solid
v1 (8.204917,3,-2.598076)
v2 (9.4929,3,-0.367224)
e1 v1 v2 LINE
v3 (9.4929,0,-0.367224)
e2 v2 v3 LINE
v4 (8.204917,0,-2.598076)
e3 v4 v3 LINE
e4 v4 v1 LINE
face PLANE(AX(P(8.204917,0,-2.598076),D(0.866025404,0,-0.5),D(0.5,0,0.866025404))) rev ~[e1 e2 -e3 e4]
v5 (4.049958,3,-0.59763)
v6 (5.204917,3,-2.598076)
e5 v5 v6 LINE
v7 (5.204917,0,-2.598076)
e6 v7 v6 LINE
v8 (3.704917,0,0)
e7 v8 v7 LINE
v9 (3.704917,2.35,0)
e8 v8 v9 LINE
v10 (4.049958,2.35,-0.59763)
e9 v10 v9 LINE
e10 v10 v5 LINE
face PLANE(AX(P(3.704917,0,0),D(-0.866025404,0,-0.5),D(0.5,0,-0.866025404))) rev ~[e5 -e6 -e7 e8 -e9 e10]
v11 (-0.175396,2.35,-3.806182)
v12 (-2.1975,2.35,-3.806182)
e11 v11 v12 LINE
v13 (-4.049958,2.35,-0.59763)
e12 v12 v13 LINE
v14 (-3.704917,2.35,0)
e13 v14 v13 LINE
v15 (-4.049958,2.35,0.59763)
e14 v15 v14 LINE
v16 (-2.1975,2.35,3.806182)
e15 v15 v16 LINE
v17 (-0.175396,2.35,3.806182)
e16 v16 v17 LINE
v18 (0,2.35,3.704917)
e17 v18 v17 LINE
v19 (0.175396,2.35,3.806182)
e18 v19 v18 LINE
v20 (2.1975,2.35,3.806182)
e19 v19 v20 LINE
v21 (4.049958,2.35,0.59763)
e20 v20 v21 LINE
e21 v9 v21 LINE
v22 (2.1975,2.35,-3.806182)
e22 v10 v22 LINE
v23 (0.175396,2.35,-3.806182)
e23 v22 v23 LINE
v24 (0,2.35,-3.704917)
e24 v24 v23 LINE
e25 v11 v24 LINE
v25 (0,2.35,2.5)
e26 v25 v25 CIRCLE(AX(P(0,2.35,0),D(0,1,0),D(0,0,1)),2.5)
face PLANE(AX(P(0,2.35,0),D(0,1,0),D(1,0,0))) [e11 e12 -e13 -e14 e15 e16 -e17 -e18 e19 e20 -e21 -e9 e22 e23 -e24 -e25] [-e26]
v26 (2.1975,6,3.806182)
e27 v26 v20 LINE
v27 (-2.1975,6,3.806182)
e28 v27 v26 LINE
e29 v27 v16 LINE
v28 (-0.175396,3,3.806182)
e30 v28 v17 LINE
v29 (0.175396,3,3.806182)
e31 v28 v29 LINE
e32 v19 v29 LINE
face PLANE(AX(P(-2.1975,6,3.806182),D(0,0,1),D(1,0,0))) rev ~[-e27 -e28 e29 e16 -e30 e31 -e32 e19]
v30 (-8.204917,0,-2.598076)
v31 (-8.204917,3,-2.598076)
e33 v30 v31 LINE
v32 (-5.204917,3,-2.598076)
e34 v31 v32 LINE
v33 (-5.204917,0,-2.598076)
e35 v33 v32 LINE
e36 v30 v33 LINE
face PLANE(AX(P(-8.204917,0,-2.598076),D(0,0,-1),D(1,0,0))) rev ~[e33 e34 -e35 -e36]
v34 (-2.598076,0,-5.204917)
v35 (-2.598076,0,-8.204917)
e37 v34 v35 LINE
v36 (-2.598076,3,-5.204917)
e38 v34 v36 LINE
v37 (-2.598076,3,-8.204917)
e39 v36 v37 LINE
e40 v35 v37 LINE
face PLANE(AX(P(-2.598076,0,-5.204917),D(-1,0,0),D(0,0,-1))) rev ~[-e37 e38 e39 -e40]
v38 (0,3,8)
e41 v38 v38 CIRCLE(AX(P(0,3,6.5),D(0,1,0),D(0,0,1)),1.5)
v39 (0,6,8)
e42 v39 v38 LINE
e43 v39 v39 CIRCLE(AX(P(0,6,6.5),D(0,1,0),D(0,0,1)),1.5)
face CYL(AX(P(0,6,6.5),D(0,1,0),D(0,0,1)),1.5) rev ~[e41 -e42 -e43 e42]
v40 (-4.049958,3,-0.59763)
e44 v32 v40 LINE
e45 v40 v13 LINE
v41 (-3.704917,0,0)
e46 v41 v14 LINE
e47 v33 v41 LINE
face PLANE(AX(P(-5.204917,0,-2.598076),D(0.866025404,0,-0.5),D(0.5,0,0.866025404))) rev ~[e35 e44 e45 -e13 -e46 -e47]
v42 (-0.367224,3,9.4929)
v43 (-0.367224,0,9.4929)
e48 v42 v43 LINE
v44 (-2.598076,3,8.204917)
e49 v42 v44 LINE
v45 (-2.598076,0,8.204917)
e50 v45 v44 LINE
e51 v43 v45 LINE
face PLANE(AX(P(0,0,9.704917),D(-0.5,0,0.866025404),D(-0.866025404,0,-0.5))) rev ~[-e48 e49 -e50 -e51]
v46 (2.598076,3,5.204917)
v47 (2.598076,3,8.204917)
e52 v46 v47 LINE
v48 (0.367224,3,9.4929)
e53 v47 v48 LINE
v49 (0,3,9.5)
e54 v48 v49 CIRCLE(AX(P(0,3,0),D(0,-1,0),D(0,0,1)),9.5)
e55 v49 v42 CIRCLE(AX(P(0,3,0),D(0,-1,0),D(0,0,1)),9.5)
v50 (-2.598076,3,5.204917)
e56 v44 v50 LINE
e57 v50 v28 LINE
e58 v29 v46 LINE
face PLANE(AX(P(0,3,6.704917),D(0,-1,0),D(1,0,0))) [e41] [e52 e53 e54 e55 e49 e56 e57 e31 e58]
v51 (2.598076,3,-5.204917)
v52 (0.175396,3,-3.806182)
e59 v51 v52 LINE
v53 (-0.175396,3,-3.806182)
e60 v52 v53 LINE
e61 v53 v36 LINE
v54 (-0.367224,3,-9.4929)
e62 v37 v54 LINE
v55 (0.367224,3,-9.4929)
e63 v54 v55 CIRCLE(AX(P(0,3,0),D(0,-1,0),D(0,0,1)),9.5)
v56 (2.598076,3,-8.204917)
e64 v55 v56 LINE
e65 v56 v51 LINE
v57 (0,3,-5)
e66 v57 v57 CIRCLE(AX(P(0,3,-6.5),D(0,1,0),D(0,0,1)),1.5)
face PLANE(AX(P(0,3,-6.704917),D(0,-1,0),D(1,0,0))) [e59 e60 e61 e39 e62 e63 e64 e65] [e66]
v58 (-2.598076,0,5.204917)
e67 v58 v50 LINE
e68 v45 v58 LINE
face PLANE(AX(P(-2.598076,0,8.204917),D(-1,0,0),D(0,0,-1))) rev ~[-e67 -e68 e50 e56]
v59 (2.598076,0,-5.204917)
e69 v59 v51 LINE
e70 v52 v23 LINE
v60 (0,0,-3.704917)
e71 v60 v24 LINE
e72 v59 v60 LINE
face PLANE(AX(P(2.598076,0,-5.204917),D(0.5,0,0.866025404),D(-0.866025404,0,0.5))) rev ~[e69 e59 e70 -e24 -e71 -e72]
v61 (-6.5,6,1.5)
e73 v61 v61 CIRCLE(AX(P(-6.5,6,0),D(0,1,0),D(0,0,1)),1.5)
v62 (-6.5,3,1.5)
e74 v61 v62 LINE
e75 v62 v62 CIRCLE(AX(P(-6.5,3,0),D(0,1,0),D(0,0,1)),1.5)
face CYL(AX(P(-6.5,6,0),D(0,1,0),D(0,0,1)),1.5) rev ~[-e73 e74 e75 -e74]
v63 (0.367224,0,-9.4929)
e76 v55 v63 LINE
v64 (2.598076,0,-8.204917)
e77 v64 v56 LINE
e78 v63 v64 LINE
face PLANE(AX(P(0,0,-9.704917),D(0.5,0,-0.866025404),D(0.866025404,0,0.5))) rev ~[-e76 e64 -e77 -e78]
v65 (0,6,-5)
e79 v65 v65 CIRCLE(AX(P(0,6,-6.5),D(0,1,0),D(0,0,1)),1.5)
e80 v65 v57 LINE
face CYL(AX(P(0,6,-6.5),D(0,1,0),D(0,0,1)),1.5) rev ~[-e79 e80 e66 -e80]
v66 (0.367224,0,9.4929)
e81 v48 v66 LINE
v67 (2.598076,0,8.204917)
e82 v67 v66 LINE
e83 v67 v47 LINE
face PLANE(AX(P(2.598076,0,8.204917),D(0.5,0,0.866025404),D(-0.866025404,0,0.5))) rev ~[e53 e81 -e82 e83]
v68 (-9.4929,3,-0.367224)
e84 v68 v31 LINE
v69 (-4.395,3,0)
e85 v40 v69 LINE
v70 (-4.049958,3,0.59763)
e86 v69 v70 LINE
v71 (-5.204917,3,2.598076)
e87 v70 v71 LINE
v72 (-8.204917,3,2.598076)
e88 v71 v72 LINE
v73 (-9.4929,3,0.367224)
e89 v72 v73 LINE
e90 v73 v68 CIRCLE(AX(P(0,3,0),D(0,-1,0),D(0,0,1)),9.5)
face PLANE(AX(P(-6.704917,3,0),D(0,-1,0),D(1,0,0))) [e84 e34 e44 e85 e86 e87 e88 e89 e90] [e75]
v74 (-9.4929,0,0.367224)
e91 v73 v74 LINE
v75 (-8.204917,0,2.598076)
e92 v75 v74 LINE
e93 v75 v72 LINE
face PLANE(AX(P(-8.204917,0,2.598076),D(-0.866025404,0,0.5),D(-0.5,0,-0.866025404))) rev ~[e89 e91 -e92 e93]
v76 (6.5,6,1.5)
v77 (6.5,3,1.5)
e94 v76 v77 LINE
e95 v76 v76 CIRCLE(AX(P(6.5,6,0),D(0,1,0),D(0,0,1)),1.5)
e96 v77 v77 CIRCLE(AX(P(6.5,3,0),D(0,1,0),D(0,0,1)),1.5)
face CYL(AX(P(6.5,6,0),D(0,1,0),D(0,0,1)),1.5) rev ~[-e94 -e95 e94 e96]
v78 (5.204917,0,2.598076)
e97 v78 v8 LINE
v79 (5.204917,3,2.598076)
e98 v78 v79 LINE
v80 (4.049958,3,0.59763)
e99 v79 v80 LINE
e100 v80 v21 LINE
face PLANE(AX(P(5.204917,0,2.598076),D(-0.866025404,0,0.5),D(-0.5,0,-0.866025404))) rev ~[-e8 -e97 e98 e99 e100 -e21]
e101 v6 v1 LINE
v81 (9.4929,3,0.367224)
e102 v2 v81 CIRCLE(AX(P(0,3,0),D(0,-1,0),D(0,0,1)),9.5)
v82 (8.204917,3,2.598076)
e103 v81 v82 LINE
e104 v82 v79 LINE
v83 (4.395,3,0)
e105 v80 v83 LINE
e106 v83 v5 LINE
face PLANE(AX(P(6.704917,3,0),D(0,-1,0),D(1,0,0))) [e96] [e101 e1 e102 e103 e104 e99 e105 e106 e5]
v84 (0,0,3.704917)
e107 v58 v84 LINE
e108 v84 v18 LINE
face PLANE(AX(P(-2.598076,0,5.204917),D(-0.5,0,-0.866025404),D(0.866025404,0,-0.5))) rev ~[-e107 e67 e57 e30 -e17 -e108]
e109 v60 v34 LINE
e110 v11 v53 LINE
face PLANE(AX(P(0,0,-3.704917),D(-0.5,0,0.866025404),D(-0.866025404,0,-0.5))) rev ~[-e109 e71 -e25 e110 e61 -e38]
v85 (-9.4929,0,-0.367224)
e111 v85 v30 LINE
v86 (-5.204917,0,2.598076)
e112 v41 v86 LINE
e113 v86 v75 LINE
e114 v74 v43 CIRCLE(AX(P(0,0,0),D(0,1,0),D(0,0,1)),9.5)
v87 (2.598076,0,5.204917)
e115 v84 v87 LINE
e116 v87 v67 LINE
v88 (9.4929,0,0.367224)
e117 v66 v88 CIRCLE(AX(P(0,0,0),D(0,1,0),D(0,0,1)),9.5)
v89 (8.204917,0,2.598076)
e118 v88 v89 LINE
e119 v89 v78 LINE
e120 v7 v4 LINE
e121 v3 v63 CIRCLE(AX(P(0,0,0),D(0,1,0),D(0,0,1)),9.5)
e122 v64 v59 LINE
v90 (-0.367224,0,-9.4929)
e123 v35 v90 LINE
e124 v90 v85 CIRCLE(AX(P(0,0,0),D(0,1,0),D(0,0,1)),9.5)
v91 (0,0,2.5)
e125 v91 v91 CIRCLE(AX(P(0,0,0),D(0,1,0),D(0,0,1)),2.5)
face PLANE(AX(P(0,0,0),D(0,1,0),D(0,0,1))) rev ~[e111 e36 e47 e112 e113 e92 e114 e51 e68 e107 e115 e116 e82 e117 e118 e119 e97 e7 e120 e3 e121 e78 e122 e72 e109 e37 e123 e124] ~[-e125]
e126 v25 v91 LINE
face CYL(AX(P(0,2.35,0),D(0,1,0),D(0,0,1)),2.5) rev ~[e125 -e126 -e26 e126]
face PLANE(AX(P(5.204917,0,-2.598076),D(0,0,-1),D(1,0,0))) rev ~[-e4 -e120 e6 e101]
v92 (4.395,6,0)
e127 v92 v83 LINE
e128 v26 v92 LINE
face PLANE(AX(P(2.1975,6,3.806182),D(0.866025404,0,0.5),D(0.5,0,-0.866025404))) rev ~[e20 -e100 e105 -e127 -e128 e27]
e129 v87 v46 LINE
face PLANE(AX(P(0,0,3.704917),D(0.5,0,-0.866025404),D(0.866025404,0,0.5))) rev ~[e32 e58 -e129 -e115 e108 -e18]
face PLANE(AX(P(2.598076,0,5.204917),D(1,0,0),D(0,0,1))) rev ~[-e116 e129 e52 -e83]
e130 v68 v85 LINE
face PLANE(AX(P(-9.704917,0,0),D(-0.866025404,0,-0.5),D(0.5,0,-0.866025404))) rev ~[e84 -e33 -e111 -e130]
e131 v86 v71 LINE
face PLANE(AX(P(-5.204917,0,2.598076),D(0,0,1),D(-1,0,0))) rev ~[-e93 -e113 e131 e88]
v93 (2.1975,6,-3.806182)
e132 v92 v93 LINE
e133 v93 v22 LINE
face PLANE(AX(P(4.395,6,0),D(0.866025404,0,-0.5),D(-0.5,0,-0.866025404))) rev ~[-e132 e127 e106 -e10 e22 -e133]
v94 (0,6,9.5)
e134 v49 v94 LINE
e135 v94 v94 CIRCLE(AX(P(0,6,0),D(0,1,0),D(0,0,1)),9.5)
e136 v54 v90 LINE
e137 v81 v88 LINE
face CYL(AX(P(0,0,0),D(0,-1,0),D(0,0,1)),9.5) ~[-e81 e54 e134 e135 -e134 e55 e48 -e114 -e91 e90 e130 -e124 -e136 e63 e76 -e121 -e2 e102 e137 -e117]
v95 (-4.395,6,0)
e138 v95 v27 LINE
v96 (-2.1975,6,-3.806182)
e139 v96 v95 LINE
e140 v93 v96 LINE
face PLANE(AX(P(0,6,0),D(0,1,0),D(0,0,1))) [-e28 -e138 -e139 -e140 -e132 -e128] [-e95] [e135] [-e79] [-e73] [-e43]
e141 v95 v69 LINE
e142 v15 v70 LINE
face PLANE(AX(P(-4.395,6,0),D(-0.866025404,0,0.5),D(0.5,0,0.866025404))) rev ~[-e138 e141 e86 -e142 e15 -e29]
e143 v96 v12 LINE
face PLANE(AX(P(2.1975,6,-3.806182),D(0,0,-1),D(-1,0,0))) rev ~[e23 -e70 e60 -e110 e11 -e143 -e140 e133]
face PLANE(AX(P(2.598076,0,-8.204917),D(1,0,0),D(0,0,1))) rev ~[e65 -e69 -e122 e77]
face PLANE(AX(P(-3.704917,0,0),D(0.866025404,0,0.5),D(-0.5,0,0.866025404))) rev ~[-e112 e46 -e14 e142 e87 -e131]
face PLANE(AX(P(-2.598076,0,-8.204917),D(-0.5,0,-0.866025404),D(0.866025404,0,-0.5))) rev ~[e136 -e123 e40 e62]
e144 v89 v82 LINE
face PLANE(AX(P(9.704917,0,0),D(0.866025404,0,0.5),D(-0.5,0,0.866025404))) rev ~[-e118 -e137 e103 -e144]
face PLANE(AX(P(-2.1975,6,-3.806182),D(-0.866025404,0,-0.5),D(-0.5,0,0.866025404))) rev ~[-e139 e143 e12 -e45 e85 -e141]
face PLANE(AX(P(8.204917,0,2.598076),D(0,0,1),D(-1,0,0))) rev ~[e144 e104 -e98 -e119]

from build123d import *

# Parameters (mm, degrees)
SKETCH2_R           = 9.5
BOSS_EXTRUDE1_DEPTH = 6
CUT_EXTRUDE1_DEPTH  = 3.65
SKETCH4_R           = 2.5
CUT_EXTRUDE2_DEPTH  = 14.92201494
CUT_EXTRUDE4_DEPTH  = 3
SKETCH5_R           = 1.5
CUT_EXTRUDE5_DEPTH  = 15.71393897


with BuildPart() as part:
    # Sketch2 → Boss-Extrude1 (new body)
    with BuildSketch(Plane(origin=(0, 0, 0), x_dir=(1, 0, 0), z_dir=(0, 1, 0))):
        with Locations(Location((0, 0, 0), (0, 0, 270))):
            Circle(SKETCH2_R)
    extrude(amount=BOSS_EXTRUDE1_DEPTH)

    # Sketch3 → Cut-Extrude1 (cut)
    with BuildSketch(Plane(origin=(0, 6, 0), x_dir=(1, 0, 0), z_dir=(0, 1, 0))):
        Polygon((2.1975, -3.80618165), (4.395, 0), (2.1975, 3.80618165), (-2.1975, 3.80618165), (-4.395, 0), (-2.1975, -3.80618165), align=None)
    extrude(amount=-CUT_EXTRUDE1_DEPTH, mode=Mode.SUBTRACT)

    # Sketch4 → Cut-Extrude2 (cut, through all)
    with BuildSketch(Plane(origin=(0, 2.35, 0), x_dir=(1, 0, 0), z_dir=(0, 1, 0))):
        with Locations(Location((0, 0, 0), (0, 0, 270))):
            Circle(SKETCH4_R)
    extrude(amount=-CUT_EXTRUDE2_DEPTH, mode=Mode.SUBTRACT)

    # Sketch6 → Cut-Extrude4 (cut)
    with BuildSketch(Plane.XZ):
        Polygon((-2.598076211, -8.204916605), (0, -9.704916605), (2.598076211, -8.204916605), (2.598076211, -5.204916605), (0, -3.704916605), (-2.598076211, -5.204916605), align=None)
        Polygon((8.204916605, -2.598076211), (9.704916605, 0), (8.204916605, 2.598076211), (5.204916605, 2.598076211), (3.704916605, 0), (5.204916605, -2.598076211), align=None)
        Polygon((-8.204916605, 2.598076211), (-9.704916605, 0), (-8.204916605, -2.598076211), (-5.204916605, -2.598076211), (-3.704916605, 0), (-5.204916605, 2.598076211), align=None)
        Polygon((2.598076211, 8.204916605), (0, 9.704916605), (-2.598076211, 8.204916605), (-2.598076211, 5.204916605), (0, 3.704916605), (2.598076211, 5.204916605), align=None)
    extrude(amount=-CUT_EXTRUDE4_DEPTH, mode=Mode.SUBTRACT)

    # Sketch5 → Cut-Extrude5 (cut, through all)
    with BuildSketch(Plane(origin=(0, 6, 0), x_dir=(1, 0, 0), z_dir=(0, 1, 0))):
        with Locations(Location((6.5, 0, 0), (0, 0, 270))):
            Circle(SKETCH5_R)
        with Locations(Location((0, -6.5, 0), (0, 0, 270))):
            Circle(SKETCH5_R)
        with Locations(Location((-6.5, 0, 0), (0, 0, 270))):
            Circle(SKETCH5_R)
        with Locations(Location((0, 6.5, 0), (0, 0, 270))):
            Circle(SKETCH5_R)
    extrude(amount=-CUT_EXTRUDE5_DEPTH, mode=Mode.SUBTRACT)


solid = part.part
